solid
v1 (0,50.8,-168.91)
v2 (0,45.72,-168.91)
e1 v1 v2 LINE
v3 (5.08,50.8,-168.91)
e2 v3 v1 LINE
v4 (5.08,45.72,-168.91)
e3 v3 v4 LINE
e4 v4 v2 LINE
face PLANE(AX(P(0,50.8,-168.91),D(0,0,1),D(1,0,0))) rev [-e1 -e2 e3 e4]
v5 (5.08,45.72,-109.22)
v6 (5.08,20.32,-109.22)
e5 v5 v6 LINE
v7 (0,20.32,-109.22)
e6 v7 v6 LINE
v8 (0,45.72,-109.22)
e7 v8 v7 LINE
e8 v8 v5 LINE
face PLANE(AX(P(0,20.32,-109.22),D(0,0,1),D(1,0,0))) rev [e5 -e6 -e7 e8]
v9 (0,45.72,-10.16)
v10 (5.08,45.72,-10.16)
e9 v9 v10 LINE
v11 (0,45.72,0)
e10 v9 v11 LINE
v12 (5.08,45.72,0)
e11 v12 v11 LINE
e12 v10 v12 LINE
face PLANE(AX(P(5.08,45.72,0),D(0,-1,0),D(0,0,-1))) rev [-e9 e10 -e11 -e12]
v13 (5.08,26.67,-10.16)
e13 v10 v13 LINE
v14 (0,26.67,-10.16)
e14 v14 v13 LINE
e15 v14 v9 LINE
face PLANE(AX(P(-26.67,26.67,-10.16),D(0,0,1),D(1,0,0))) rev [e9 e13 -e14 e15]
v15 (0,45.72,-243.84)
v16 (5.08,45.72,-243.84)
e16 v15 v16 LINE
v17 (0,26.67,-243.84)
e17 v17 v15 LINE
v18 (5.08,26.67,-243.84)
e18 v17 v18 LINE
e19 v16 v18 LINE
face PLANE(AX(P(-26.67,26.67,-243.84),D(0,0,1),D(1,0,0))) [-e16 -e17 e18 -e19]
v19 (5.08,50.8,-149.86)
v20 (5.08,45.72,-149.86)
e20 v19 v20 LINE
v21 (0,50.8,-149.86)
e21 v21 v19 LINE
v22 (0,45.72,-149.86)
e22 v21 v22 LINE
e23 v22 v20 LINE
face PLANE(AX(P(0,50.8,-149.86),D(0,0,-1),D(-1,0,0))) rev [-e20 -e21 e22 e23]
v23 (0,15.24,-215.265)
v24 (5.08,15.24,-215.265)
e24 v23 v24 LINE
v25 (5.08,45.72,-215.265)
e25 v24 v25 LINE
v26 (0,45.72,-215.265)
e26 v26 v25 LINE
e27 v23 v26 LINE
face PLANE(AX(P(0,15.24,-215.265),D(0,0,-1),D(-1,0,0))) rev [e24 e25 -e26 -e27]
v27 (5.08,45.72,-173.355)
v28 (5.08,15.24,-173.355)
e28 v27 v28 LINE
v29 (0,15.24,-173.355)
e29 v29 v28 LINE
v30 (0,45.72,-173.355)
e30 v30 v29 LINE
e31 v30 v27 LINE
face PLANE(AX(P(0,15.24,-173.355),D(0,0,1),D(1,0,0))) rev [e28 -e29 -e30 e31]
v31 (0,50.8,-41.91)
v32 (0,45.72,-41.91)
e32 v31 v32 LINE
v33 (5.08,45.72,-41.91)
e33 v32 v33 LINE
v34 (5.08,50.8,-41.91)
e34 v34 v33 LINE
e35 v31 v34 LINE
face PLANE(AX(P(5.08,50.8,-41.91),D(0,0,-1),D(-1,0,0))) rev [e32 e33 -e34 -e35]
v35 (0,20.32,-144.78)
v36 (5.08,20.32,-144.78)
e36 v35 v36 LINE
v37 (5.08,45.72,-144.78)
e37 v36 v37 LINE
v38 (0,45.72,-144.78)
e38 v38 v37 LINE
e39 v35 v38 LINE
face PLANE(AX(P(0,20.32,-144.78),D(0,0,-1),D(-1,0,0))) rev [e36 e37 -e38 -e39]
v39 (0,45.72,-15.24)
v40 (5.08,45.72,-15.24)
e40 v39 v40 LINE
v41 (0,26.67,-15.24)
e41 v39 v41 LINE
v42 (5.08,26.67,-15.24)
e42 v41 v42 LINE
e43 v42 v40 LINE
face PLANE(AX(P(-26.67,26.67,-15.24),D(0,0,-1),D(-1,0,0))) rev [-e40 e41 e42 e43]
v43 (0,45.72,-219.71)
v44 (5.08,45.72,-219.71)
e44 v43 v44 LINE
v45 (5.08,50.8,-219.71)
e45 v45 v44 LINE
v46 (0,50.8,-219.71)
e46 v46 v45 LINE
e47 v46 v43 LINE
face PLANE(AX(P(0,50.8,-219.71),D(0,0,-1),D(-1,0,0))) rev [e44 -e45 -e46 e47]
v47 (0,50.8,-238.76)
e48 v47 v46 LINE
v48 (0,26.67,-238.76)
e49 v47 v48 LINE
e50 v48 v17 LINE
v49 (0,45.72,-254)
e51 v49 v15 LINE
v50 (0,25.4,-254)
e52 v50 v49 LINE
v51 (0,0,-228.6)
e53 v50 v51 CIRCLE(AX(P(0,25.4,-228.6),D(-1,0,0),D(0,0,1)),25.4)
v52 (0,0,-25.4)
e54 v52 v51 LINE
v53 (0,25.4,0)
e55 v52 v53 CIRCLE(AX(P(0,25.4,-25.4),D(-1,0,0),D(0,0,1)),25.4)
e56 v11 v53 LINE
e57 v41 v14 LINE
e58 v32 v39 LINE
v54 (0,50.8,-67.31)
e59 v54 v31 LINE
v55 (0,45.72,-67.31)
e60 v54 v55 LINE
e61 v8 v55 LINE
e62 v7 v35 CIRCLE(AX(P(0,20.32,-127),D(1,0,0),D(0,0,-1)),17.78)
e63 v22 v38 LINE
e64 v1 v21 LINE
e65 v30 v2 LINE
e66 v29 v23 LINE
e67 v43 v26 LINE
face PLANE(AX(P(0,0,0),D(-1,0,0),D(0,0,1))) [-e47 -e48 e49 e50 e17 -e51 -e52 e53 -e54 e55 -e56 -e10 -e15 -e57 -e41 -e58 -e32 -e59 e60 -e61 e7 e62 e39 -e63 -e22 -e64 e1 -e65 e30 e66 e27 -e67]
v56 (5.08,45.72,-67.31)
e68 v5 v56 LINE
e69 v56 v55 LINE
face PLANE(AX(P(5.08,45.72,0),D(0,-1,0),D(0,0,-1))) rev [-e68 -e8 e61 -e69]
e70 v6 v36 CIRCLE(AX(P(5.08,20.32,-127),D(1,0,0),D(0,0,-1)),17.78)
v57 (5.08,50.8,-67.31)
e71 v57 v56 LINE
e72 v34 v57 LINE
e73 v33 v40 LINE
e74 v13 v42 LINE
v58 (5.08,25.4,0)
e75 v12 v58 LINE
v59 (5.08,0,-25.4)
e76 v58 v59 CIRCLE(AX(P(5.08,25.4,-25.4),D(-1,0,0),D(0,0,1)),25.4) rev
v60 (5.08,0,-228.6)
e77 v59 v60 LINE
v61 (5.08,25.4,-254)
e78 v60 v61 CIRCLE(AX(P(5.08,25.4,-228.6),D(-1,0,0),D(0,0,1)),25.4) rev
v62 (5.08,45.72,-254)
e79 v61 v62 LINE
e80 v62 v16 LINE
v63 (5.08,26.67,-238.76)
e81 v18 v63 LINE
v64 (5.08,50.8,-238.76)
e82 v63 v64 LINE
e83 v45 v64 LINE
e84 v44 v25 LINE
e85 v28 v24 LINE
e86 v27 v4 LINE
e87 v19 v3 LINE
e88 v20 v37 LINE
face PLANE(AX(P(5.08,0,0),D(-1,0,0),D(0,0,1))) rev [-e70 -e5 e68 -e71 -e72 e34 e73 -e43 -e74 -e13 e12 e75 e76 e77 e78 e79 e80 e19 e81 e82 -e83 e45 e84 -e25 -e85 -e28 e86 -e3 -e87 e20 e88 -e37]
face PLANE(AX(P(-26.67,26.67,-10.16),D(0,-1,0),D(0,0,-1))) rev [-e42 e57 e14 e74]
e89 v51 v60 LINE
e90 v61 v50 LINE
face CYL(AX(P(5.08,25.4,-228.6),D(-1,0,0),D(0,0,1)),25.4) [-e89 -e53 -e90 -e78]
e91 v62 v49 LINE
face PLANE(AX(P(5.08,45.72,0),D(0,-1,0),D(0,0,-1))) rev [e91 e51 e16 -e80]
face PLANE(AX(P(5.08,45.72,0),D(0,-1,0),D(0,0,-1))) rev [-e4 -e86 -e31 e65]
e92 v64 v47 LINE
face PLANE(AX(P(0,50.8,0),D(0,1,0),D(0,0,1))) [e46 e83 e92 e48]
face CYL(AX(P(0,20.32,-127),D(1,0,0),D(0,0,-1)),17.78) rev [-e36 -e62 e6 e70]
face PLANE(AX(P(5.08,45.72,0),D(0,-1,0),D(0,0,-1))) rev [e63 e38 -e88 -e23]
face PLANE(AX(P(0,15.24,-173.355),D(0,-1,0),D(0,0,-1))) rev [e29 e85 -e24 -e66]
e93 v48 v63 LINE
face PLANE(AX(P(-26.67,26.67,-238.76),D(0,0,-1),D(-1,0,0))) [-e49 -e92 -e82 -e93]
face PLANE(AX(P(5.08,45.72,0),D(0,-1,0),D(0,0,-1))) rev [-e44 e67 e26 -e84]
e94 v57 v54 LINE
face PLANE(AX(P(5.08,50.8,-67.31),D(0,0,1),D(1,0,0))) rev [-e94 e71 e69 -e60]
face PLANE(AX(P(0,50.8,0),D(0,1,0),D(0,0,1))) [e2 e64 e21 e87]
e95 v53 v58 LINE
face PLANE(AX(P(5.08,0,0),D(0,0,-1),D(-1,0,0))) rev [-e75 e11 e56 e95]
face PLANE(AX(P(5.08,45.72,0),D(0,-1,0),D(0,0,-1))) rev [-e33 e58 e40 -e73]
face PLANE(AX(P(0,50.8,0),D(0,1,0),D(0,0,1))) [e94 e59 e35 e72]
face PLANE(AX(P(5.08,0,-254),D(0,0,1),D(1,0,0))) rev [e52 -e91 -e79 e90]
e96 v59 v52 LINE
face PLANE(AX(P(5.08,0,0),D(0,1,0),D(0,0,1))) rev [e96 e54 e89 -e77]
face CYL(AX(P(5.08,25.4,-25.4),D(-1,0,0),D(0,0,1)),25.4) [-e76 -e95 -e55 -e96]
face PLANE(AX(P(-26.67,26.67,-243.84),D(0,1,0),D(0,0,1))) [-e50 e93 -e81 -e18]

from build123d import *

# Parameters (mm, degrees)
SKETCH1_W           = 254
SKETCH1_H           = 45.72
BOSS_EXTRUDE1_DEPTH = 5.08
SKETCH2_R           = 17.78
CUT_EXTRUDE2_DEPTH  = 259.131991043
CUT_EXTRUDE3_DEPTH  = 259.131991043
FILLET1_R           = 25.4
SKETCH5_W           = 5.08
SKETCH5_H           = 25.4
BOSS_EXTRUDE2_DEPTH = 5.08
SKETCH7_W           = 5.08
SKETCH7_H           = 19.05
CUT_EXTRUDE4_DEPTH  = 31.75
SKETCH9_W           = 5.08
SKETCH9_H           = 19.05
BOSS_EXTRUDE3_DEPTH = 5.08
SKETCH10_W          = 41.91
SKETCH10_H          = 30.48
CUT_EXTRUDE6_DEPTH  = 260.08


with BuildPart() as part:
    # Sketch1 → Boss-Extrude1 (new body)
    with BuildSketch(Plane(origin=(0, 0, 0), x_dir=(0, 0, -1), z_dir=(1, 0, 0))):
        with Locations((127, 22.86)):
            Rectangle(SKETCH1_W, SKETCH1_H)
    extrude(amount=BOSS_EXTRUDE1_DEPTH)

    # Sketch2 → Cut-Extrude2 (cut, through all)
    with BuildSketch(Plane(origin=(5.08, 0, 0), x_dir=(0, 0, -1), z_dir=(1, 0, 0))):
        with Locations((127, 20.32)):
            Circle(SKETCH2_R)
    extrude(amount=-CUT_EXTRUDE2_DEPTH, mode=Mode.SUBTRACT)

    # Sketch4 → Cut-Extrude3 (cut, through all)
    with BuildSketch(Plane(origin=(5.08, 0, 0), x_dir=(0, 0, -1), z_dir=(1, 0, 0))):
        Polygon((109.22, 20.32), (109.22, 45.72), (127, 45.72), (144.78, 45.72), (144.78, 20.32), align=None)
    extrude(amount=-CUT_EXTRUDE3_DEPTH, mode=Mode.SUBTRACT)

    # Fillet1
    fillet1_edges = [part.edges().sort_by_distance(p)[0] for p in [
        (2.54, 0, -254),
        (2.54, 0, 0),
    ]]
    fillet(fillet1_edges, radius=FILLET1_R)

    # Sketch5 → Boss-Extrude2 (add)
    with BuildSketch(Plane(origin=(0, 45.72, 0), x_dir=(1, 0, 0), z_dir=(0, 1, 0))):
        with Locations((2.54, 54.61)):
            Rectangle(SKETCH5_W, SKETCH5_H)
    extrude(amount=BOSS_EXTRUDE2_DEPTH)

    # Sketch7 → Cut-Extrude4 (cut)
    with BuildSketch(Plane(origin=(5.08, 0, 0), x_dir=(0, 0, -1), z_dir=(1, 0, 0))):
        with Locations((12.7, 36.195)):
            Rectangle(SKETCH7_W, SKETCH7_H)
    cut_extrude4 = extrude(amount=-CUT_EXTRUDE4_DEPTH, mode=Mode.SUBTRACT)

    # Mirror1: Cut-Extrude4 across plane
    add(cut_extrude4.mirror(Plane.XY.offset(-127)), mode=Mode.SUBTRACT)

    # Sketch9 → Boss-Extrude3 (add)
    with BuildSketch(Plane(origin=(0, 45.72, 0), x_dir=(1, 0, 0), z_dir=(0, 1, 0))):
        with Locations((2.54, 229.235)):
            Rectangle(SKETCH9_W, SKETCH9_H)
        with Locations((2.54, 159.385)):
            Rectangle(SKETCH9_W, SKETCH9_H)
    extrude(amount=BOSS_EXTRUDE3_DEPTH)

    # Sketch10 → Cut-Extrude6 (cut, through all)
    with BuildSketch(Plane(origin=(5.08, 0, 0), x_dir=(0, 0, -1), z_dir=(1, 0, 0))):
        with Locations((194.31, 30.48)):
            Rectangle(SKETCH10_W, SKETCH10_H)
    extrude(amount=-CUT_EXTRUDE6_DEPTH, mode=Mode.SUBTRACT)


solid = part.part
